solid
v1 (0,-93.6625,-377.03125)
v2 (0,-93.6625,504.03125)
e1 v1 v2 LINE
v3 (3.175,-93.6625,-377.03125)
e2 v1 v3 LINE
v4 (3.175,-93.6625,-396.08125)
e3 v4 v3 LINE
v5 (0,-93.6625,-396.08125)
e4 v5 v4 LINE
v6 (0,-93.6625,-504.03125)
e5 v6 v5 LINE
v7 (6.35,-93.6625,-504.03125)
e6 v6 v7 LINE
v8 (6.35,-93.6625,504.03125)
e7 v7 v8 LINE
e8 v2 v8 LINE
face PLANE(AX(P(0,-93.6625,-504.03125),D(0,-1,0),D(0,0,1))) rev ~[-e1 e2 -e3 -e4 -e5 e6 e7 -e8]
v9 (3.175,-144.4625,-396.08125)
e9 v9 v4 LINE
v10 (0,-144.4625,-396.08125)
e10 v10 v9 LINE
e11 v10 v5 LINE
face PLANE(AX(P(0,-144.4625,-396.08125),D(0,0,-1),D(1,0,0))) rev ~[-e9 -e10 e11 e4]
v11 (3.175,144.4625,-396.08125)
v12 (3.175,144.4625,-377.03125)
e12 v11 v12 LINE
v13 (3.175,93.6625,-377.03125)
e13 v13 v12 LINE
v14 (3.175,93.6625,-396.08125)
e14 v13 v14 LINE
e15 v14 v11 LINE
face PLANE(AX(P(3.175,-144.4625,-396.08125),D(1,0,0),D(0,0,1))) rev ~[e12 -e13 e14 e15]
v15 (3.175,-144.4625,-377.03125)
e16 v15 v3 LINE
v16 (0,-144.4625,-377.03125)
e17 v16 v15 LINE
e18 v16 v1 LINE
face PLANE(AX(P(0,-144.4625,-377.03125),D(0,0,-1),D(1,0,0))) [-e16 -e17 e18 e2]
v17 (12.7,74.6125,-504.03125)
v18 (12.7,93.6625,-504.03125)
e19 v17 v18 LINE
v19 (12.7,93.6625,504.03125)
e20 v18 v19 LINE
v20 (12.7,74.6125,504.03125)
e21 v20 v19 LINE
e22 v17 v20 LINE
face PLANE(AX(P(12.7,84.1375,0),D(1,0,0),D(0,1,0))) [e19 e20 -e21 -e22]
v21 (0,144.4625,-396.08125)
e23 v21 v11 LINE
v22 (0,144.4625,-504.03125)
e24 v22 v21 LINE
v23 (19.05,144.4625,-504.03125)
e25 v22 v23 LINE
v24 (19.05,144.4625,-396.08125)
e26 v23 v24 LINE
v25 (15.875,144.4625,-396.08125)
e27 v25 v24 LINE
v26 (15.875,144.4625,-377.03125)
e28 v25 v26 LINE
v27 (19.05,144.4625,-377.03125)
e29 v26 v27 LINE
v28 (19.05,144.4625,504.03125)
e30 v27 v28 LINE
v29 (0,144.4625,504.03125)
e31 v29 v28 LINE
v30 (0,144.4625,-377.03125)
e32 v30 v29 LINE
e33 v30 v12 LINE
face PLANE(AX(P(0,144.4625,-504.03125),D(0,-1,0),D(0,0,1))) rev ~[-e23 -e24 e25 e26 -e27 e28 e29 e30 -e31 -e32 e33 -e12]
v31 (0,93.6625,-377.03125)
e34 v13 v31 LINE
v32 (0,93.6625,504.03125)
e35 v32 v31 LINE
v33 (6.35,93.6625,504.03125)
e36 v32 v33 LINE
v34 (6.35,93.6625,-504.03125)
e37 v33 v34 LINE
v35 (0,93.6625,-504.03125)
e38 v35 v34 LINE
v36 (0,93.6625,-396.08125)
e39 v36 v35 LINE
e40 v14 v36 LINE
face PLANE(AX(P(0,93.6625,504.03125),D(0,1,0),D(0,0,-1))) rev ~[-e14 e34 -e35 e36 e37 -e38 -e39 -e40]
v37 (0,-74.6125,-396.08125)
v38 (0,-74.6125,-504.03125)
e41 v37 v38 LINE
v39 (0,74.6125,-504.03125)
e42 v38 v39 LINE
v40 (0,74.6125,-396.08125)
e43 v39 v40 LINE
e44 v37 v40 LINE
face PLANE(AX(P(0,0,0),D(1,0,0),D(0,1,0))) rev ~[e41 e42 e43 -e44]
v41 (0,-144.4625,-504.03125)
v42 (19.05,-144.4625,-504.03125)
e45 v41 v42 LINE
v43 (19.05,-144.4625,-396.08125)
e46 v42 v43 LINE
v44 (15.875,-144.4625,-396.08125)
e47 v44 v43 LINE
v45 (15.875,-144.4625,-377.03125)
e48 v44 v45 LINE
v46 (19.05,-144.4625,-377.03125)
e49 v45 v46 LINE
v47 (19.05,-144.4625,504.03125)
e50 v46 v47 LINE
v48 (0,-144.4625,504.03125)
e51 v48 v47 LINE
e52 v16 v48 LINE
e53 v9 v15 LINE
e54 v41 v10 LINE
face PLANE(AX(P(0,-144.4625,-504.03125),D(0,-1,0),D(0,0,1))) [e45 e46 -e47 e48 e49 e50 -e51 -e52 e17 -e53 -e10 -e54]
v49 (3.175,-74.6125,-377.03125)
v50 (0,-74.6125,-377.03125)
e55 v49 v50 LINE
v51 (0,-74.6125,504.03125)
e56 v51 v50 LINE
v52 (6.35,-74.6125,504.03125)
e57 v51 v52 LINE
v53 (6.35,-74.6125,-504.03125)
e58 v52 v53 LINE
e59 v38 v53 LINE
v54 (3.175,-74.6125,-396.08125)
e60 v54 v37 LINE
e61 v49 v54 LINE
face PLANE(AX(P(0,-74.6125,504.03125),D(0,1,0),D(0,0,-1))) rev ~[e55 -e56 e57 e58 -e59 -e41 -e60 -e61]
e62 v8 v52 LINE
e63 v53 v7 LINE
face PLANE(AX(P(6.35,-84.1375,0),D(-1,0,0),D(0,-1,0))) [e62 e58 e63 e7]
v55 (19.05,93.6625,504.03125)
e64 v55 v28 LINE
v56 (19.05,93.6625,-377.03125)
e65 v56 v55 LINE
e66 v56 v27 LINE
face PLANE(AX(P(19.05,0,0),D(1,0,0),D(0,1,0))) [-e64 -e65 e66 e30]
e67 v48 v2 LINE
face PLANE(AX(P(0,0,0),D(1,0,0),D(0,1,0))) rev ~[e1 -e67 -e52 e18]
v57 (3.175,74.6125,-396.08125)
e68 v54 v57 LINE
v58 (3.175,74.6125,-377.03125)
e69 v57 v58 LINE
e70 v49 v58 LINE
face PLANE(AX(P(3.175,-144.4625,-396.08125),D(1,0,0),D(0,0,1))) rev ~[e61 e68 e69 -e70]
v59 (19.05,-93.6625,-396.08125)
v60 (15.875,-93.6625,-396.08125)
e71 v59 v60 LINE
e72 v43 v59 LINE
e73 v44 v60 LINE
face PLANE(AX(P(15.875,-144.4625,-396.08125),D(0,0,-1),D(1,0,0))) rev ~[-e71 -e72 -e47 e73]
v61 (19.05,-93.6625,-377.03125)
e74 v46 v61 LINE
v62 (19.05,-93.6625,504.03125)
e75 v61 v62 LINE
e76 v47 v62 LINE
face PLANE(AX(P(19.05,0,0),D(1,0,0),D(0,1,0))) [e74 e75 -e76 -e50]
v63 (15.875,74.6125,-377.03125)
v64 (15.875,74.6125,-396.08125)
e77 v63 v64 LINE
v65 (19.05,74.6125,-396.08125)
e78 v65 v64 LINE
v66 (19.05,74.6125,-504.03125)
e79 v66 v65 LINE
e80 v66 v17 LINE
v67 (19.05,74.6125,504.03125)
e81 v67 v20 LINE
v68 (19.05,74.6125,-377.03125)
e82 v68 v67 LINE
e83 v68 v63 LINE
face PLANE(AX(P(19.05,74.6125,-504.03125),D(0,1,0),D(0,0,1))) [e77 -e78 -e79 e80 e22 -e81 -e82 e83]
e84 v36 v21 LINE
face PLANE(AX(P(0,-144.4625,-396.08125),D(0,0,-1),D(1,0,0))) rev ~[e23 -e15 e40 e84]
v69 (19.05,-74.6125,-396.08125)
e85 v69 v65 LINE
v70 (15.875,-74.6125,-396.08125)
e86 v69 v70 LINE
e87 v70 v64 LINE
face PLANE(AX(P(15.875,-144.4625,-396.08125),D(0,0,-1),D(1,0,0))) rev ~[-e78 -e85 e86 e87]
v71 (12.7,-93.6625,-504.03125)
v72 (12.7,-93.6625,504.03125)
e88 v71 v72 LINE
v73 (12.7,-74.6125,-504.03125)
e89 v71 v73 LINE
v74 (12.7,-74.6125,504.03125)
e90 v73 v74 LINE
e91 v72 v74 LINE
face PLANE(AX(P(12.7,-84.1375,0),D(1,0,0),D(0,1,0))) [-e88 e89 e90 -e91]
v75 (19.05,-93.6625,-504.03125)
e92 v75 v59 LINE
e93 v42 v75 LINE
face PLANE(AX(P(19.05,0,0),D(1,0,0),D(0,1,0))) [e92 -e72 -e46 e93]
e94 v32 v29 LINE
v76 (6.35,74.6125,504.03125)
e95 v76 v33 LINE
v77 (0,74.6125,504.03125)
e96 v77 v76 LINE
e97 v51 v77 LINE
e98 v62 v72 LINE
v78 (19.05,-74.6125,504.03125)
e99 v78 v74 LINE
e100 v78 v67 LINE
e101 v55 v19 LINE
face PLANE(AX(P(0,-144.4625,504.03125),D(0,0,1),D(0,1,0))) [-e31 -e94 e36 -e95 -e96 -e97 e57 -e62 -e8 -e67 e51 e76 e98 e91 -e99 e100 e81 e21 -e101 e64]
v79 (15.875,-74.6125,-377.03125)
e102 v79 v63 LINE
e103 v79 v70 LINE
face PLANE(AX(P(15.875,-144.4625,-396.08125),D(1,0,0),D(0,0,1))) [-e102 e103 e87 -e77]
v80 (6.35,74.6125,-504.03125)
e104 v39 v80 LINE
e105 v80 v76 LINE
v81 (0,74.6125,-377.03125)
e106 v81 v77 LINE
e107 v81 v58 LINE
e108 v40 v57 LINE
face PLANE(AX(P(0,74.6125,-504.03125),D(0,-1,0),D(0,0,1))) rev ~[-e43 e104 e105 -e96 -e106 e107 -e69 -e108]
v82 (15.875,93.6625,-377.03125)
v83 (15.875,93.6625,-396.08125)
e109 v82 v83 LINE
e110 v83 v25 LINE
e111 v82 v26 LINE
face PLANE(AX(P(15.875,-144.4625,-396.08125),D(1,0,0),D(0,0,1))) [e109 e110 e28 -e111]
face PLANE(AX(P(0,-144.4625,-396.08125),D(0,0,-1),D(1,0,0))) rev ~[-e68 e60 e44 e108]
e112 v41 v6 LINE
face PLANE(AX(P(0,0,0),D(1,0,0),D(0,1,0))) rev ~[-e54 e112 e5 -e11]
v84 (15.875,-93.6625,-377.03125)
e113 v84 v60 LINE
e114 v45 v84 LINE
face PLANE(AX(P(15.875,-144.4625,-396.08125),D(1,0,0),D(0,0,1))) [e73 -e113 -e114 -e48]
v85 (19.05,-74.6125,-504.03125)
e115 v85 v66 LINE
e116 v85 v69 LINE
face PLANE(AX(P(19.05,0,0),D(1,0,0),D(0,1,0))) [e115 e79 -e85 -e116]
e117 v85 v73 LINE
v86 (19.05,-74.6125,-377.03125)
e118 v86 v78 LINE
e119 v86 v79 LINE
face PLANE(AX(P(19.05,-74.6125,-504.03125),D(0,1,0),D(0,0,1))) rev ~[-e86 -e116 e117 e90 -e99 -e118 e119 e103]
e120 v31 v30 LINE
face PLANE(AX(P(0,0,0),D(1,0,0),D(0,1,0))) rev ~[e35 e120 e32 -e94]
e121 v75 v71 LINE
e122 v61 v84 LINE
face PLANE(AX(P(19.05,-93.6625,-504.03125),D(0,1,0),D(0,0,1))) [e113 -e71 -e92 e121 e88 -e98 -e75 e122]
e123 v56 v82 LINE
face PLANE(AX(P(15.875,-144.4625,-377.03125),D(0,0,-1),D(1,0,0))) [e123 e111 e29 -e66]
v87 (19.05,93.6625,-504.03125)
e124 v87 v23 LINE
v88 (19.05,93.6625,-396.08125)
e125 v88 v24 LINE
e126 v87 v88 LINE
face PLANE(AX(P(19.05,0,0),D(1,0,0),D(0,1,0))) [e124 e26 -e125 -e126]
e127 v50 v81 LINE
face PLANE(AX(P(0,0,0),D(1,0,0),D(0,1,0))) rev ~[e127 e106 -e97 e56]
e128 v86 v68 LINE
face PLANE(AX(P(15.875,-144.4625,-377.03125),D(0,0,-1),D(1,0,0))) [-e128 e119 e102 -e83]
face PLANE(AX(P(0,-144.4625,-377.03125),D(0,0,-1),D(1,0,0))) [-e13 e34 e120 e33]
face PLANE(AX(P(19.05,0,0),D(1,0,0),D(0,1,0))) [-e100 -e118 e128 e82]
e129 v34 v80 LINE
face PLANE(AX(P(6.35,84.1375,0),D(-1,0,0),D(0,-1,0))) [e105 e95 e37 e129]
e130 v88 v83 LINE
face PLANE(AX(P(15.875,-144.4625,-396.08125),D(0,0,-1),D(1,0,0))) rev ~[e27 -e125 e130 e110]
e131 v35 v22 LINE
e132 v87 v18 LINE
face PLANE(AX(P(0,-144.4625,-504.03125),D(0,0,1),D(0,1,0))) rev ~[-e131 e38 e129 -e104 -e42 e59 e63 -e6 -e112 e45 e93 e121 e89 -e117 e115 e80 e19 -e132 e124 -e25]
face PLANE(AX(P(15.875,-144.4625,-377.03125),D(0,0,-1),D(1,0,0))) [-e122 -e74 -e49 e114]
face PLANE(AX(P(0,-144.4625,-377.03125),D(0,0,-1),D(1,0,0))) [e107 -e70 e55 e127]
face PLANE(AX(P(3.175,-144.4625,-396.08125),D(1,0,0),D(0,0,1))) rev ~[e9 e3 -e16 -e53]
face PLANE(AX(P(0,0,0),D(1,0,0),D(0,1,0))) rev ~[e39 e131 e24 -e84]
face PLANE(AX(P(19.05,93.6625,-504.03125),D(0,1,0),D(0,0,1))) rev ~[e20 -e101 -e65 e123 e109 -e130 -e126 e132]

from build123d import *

# Parameters (mm, degrees)
F0_W     = 288.925
F0_H     = 1008.0625
F1_DEPTH = 19.05
F2_W     = 19.05
F2_H     = 1008.0625
F3_DEPTH = 6.35
F5_DEPTH = 6.35
F6_W     = 3.175
F6_H     = 19.05
F7_DEPTH = 288.926


with BuildPart() as f1:
    # F0 (on Right) → F1 (new body)
    with BuildSketch(Plane.YZ):
        Rectangle(F0_W, F0_H)
    extrude(amount=F1_DEPTH)

    # F2 (on face) → F3 (cut)
    with BuildSketch(Plane.YZ.offset(19.05)):
        with Locations((-84.1375, 0)):
            Rectangle(F2_W, F2_H)
        with Locations((84.1375, 0)):
            Rectangle(F2_W, F2_H)
    extrude(amount=-F3_DEPTH, mode=Mode.SUBTRACT)

    # F4 (on face) → F5 (cut)
    with BuildSketch(Plane(origin=(0, 0, 0), x_dir=(0, -1, 0), z_dir=(-1, 0, 0))):
        Polygon((93.6625, -377.03125), (93.6625, 504.03125), (74.6125, 504.03125), (74.6125, -377.03125), (74.6125, -504.03125), (93.6625, -504.03125), align=None)
        Polygon((-74.6125, 504.03125), (-93.6625, 504.03125), (-93.6625, -377.03125), (-93.6625, -504.03125), (-74.6125, -504.03125), (-74.6125, -377.03125), align=None)
    extrude(amount=-F5_DEPTH, mode=Mode.SUBTRACT)

    # F6 (on face) → F7 (cut, through all)
    with BuildSketch(Plane.XZ.offset(144.4625)):
        with Locations((1.5875, -386.55625)):
            Rectangle(F6_W, F6_H)
        with Locations((17.4625, -386.55625)):
            Rectangle(F6_W, F6_H)
    extrude(amount=-F7_DEPTH, mode=Mode.SUBTRACT)


solid = f1.part
